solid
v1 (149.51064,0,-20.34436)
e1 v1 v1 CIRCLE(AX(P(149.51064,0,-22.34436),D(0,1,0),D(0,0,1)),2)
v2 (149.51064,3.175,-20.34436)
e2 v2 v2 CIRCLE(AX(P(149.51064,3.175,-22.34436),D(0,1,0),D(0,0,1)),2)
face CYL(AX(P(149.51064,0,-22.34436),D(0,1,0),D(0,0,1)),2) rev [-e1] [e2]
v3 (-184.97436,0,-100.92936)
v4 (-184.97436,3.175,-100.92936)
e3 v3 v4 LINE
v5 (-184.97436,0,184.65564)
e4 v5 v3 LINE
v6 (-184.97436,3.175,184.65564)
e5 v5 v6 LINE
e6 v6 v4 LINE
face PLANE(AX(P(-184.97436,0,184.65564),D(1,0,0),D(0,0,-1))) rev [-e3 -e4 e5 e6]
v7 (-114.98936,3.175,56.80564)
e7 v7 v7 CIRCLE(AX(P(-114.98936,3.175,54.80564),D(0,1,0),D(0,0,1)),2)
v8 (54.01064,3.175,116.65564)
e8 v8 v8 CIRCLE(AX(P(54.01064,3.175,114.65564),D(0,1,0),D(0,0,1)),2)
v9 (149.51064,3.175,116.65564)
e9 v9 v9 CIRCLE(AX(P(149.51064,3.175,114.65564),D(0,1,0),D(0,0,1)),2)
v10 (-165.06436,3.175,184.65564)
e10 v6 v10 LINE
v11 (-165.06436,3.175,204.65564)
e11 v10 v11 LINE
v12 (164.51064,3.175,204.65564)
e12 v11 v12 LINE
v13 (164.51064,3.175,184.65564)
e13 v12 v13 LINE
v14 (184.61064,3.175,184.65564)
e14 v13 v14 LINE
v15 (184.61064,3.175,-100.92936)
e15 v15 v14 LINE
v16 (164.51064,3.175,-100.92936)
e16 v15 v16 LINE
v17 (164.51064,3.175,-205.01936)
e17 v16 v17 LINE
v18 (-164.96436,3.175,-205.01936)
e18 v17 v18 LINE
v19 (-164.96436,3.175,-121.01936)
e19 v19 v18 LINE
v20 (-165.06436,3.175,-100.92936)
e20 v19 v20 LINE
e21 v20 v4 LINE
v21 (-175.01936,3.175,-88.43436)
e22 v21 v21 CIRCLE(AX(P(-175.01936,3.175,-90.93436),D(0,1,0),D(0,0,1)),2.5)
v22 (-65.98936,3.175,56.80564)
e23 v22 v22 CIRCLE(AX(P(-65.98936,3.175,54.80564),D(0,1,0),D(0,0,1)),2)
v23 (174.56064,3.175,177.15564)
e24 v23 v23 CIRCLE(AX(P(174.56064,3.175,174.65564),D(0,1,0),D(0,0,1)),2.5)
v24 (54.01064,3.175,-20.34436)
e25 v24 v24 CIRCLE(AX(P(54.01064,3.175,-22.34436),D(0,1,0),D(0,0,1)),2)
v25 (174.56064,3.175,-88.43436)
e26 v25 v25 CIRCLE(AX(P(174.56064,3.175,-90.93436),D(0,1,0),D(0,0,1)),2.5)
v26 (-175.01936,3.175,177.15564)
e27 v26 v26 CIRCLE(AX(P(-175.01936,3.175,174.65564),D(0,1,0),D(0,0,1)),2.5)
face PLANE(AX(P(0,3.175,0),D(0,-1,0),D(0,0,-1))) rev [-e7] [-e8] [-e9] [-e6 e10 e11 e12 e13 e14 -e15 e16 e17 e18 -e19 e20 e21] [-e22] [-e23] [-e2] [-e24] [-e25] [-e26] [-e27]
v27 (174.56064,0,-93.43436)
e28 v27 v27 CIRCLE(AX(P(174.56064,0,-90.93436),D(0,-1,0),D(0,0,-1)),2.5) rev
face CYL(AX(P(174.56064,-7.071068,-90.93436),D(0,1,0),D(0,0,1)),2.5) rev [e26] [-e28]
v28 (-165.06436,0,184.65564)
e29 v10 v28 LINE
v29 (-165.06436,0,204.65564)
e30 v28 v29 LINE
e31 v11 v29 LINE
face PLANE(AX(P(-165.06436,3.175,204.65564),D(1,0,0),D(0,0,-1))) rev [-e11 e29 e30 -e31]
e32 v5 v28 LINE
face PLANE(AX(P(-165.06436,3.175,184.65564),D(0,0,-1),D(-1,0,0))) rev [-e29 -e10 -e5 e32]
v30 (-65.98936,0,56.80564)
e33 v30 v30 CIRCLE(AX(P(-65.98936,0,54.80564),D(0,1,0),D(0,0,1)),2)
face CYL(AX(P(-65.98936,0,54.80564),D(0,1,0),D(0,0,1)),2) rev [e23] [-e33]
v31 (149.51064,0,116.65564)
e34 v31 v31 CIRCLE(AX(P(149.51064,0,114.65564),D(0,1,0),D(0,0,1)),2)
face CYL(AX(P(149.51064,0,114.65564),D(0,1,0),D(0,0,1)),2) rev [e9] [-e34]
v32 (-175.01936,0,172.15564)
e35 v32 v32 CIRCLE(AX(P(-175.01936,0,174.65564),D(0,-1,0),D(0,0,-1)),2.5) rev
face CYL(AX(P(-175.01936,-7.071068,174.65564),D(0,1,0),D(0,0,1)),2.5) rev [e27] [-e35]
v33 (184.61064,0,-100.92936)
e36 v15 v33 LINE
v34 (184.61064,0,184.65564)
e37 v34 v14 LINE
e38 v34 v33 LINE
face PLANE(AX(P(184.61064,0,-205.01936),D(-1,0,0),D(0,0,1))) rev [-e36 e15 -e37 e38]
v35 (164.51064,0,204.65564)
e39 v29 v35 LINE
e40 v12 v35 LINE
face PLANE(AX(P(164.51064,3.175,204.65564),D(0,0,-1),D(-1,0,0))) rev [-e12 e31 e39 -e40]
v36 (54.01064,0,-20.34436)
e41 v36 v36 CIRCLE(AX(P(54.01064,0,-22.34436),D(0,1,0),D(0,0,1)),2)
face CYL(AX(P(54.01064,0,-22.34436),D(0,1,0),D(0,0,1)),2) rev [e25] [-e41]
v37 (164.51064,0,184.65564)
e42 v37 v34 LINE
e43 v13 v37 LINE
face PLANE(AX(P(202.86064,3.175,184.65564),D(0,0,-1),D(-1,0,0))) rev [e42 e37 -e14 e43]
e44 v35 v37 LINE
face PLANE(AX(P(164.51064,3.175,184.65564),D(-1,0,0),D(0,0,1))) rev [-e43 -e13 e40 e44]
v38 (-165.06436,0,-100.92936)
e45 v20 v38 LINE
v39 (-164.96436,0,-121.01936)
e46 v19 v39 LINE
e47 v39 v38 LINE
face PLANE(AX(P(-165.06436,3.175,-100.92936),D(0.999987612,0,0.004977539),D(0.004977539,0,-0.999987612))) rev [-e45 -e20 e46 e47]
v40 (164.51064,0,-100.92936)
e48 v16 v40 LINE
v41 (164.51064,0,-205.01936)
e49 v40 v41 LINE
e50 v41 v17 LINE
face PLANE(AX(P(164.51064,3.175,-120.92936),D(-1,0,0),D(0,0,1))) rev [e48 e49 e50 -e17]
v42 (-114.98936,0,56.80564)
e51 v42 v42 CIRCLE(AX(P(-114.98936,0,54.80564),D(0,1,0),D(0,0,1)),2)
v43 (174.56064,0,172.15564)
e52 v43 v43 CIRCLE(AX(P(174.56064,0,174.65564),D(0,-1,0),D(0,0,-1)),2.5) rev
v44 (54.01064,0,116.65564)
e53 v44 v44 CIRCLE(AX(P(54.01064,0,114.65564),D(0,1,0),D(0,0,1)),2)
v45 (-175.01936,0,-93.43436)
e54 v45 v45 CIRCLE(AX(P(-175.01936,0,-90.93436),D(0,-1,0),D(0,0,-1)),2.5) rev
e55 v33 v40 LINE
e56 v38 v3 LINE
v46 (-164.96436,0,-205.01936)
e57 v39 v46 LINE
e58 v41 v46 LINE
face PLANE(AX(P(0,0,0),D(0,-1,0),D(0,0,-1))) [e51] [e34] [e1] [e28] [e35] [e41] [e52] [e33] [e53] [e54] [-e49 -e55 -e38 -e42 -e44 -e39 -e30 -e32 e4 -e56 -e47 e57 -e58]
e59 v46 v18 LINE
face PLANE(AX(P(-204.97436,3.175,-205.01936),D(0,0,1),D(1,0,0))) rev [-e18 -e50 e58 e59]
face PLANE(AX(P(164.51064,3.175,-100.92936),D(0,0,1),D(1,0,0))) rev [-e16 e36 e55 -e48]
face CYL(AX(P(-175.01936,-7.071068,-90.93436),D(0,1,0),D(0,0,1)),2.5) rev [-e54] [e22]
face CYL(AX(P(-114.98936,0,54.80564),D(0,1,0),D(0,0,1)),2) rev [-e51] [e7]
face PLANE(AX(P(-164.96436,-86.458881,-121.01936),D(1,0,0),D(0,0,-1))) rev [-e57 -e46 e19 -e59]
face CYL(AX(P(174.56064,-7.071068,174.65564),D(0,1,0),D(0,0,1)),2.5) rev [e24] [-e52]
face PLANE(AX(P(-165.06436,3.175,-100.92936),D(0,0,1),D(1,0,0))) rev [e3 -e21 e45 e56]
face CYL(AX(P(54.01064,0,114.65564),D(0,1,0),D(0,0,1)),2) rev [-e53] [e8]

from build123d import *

# Parameters (mm, degrees)
BOSS_EXTRUDE1_DEPTH = 3.175
SKETCH4_R           = 2
CUT_EXTRUDE2_DEPTH  = 3.175
SKETCH7_W           = 20
SKETCH7_H           = 389.675
CUT_EXTRUDE6_DEPTH  = 3.175
SKETCH8_W           = 20.01
SKETCH8_H           = 84
SKETCH8_W_2         = 20.1
SKETCH8_H_2         = 84.09
CUT_EXTRUDE7_DEPTH  = 3.175
SKETCH9_R           = 2.5
CUT_EXTRUDE8_DEPTH  = 3.175


with BuildPart() as part:
    # Sketch1 → Boss-Extrude1 (new body)
    with BuildSketch(Plane(origin=(0, 0, 0), x_dir=(1, 0, 0), z_dir=(0, 1, 0))):
        Polygon((-165.06435994, -204.65564006), (-165.06435994, -184.65564006), (-204.97435994, -184.65564006), (-204.97435994, 100.92935994), (-165.06435994, 100.92935994), (-164.96435994, 121.01935994), (-204.97435994, 121.01935994), (-204.97435994, 205.01935994), (204.61064006, 205.01935994), (204.61064006, 121.01935994), (164.51064006, 120.92935994), (164.51064006, 100.92935994), (204.61064006, 100.92935994), (202.86064006, -184.65564006), (164.51064006, -184.65564006), (164.51064006, -204.65564006), align=None)
    extrude(amount=BOSS_EXTRUDE1_DEPTH)

    # Sketch4 → Cut-Extrude2 (cut)
    with BuildSketch(Plane(origin=(0, 3.175, 0), x_dir=(1, 0, 0), z_dir=(0, 1, 0))):
        with Locations(Location((-114.989359939, -54.80564006, 0), (0, 0, 270))):
            Circle(SKETCH4_R)
        with Locations(Location((-65.989359939, -54.80564006, 0), (0, 0, 270))):
            Circle(SKETCH4_R)
        with Locations(Location((54.010640061, -114.65564006, 0), (0, 0, 270))):
            Circle(SKETCH4_R)
        with Locations(Location((149.510640061, -114.65564006, 0), (0, 0, 270))):
            Circle(SKETCH4_R)
        with Locations(Location((54.010640061, 22.34435994, 0), (0, 0, 270))):
            Circle(SKETCH4_R)
        with Locations(Location((149.510640061, 22.34435994, 0), (0, 0, 270))):
            Circle(SKETCH4_R)
    extrude(amount=-CUT_EXTRUDE2_DEPTH, mode=Mode.SUBTRACT)

    # Sketch7 → Cut-Extrude6 (cut)
    with BuildSketch(Plane(origin=(0, 3.175, 0), x_dir=(1, 0, 0), z_dir=(0, 1, 0))):
        with Locations((-194.97435994, 10.18185994)):
            Rectangle(SKETCH7_W, SKETCH7_H)
        Polygon((204.61064006, 205.01935994), (184.61064006, 205.01935994), (184.61064006, -184.65564006), (202.86064006, -184.65564006), align=None)
    extrude(amount=-CUT_EXTRUDE6_DEPTH, mode=Mode.SUBTRACT)


with BuildPart() as body_2:
    # of the pieces the cut leaves, the one that is kept (cut_extrude6_keep)
    add(part.part.solids().sort_by_distance((-165.06435994, 0, 204.65564006))[0])

    # Sketch8 → Cut-Extrude7 (cut)
    with BuildSketch(Plane(origin=(0, 3.175, 0), x_dir=(1, 0, 0), z_dir=(0, 1, 0))):
        with Locations((-174.96935994, 163.01935994)):
            Rectangle(SKETCH8_W, SKETCH8_H)
        with Locations((174.56064006, 162.97435994)):
            Rectangle(SKETCH8_W_2, SKETCH8_H_2)
    extrude(amount=-CUT_EXTRUDE7_DEPTH, mode=Mode.SUBTRACT)

    # Sketch9 → Cut-Extrude8 (cut)
    with BuildSketch(Plane(origin=(0, 3.175, 0), x_dir=(1, 0, 0), z_dir=(0, 1, 0))):
        with Locations(Location((-175.01935994, -174.65564006, 0), (0, 0, 270))):
            Circle(SKETCH9_R)
        with Locations(Location((174.56064006, -174.65564006, 0), (0, 0, 270))):
            Circle(SKETCH9_R)
        with Locations(Location((174.56064006, 90.93435994, 0), (0, 0, 270))):
            Circle(SKETCH9_R)
        with Locations(Location((-175.01935994, 90.93435994, 0), (0, 0, 270))):
            Circle(SKETCH9_R)
    extrude(amount=-CUT_EXTRUDE8_DEPTH, mode=Mode.SUBTRACT)


solid = body_2.part
